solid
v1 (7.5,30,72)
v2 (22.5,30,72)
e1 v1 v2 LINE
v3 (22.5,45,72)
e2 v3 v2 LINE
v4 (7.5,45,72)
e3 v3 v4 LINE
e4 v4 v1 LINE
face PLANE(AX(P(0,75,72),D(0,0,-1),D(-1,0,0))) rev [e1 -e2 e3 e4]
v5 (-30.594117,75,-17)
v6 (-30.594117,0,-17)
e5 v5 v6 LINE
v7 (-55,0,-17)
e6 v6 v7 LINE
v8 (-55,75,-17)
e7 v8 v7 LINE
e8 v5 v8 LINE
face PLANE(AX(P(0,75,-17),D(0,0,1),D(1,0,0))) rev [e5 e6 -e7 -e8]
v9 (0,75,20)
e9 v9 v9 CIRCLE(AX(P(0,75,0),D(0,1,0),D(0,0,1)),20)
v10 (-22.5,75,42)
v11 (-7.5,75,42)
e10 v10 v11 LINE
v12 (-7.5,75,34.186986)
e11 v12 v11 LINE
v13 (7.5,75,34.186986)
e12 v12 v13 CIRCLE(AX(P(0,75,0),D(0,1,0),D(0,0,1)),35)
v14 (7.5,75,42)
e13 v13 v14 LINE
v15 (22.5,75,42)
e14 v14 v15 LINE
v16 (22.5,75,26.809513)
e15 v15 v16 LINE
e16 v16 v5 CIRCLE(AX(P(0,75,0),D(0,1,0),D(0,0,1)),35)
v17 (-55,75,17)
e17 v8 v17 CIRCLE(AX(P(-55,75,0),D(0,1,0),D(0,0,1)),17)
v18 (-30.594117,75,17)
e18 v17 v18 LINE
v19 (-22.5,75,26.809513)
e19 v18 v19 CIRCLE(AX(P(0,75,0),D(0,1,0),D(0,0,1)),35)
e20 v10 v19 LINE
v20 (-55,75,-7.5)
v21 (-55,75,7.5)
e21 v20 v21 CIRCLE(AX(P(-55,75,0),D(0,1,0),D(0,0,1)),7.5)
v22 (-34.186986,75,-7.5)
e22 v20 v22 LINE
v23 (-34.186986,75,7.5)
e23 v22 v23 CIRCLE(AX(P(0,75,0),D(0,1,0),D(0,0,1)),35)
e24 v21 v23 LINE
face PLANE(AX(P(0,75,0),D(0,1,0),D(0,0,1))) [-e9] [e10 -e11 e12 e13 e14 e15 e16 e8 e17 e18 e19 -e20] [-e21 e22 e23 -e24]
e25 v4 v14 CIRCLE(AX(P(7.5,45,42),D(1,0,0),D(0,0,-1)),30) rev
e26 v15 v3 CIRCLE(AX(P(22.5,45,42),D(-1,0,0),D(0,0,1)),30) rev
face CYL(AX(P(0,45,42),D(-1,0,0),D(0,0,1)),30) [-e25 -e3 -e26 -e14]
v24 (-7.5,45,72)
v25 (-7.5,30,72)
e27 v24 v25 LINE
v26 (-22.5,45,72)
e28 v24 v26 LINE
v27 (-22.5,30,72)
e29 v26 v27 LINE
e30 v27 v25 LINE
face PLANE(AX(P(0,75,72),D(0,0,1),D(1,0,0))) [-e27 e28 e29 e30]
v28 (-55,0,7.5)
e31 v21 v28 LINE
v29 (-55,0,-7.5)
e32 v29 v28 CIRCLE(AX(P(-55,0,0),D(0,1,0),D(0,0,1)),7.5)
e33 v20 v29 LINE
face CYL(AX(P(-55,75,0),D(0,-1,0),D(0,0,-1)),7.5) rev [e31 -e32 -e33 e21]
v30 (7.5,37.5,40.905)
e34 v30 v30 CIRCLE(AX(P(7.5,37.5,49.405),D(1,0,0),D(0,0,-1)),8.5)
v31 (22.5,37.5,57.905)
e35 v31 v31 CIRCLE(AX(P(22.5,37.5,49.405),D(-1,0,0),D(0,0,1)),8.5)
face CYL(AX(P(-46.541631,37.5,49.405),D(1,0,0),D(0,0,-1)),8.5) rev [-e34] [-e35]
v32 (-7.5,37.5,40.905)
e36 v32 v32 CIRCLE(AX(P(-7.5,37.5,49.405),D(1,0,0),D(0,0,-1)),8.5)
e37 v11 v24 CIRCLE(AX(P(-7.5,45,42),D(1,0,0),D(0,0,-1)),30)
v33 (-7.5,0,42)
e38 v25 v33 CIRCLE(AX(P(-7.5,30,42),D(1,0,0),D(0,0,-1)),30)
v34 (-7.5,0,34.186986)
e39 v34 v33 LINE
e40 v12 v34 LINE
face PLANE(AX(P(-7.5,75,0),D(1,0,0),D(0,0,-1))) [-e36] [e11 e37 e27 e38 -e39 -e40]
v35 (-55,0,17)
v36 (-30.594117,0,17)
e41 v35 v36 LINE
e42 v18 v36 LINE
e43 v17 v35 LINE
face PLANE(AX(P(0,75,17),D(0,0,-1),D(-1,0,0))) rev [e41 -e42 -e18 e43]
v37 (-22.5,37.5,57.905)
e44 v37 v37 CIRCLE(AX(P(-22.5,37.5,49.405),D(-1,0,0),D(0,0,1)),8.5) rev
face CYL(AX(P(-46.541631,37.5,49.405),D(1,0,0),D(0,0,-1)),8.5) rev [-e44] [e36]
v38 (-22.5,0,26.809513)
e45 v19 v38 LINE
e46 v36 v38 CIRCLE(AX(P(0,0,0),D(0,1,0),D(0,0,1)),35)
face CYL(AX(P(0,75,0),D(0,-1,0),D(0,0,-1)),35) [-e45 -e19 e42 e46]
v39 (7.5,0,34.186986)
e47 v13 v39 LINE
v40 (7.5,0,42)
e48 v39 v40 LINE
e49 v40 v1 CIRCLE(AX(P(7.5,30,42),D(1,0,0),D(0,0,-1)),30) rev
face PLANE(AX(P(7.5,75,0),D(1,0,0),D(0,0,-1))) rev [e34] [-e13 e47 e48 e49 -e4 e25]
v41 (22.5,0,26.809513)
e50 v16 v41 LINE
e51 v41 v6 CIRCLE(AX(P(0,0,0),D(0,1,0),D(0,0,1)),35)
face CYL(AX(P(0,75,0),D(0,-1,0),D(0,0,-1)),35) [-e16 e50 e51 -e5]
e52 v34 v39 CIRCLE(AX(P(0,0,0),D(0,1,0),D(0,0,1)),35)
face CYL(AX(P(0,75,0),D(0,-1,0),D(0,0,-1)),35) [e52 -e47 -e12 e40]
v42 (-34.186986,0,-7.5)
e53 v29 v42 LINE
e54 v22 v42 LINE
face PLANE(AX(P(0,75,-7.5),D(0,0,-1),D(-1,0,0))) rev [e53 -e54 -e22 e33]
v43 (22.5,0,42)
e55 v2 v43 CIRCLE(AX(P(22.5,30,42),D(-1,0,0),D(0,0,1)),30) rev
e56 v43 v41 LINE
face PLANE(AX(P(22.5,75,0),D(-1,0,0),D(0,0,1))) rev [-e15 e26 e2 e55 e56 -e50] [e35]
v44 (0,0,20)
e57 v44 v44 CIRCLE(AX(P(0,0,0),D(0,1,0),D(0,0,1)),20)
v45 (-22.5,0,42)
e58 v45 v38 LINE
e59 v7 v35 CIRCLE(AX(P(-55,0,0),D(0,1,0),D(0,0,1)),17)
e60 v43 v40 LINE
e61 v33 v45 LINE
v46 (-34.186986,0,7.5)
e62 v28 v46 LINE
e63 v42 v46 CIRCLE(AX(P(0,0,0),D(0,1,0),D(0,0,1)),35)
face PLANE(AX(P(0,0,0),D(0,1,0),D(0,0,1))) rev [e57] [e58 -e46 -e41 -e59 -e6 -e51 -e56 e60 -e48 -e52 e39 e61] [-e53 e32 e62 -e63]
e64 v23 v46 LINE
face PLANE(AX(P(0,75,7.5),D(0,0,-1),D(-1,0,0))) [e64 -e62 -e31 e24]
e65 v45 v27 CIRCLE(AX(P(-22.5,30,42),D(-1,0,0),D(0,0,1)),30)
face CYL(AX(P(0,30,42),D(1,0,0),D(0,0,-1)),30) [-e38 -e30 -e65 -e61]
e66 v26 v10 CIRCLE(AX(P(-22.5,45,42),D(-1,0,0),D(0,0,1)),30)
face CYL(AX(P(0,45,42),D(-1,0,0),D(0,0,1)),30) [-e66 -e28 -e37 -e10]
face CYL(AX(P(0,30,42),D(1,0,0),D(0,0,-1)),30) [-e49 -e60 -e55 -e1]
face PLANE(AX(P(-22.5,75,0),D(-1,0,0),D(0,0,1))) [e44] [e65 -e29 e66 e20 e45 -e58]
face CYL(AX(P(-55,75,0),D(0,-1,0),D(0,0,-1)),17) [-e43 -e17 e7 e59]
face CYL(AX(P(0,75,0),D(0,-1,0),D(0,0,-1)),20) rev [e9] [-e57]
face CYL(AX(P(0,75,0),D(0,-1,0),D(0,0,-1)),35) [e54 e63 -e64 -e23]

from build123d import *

# Parameters (mm, degrees)
SKETCH1_R                      = 35
SKETCH1_R_2                    = 20
BOSS_EXTRUDE2_DEPTH            = 75
CUT_EXTRUDE1_REACH             = 142.496
SKETCH2_R                      = 8.5
CUT_EXTRUDE1_DIRECTION_2_DEPTH = 141.496441236
FILLET1_R                      = 30


with BuildPart() as part:
    # Sketch1 → Boss-Extrude2 (new body)
    # profile 1 of 4: a face of its own
    with BuildSketch(Plane(origin=(0, 0, 0), x_dir=(1, 0, 0), z_dir=(0, 1, 0))):
        Circle(SKETCH1_R)
        with Locations(Location((0, 0, 0), (0, 0, 270))):
            Circle(SKETCH1_R_2, mode=Mode.SUBTRACT)
    # profile 2 of 4: a face of its own
    with BuildSketch(Plane(origin=(0, 0, 0), x_dir=(1, 0, 0), z_dir=(0, 1, 0))):
        with BuildLine():
            ThreePointArc((-55, 17), (-72, 0), (-55, -17))
            Line((-55, -17), (-30.594117082, -17))
            ThreePointArc((-30.594117082, -17), (-32.736987087, -12.381020816), (-34.186985828, -7.5))
            Line((-34.186985828, -7.5), (-55, -7.5))
            ThreePointArc((-55, -7.5), (-62.5, 0), (-55, 7.5))
            Line((-55, 7.5), (-34.186985828, 7.5))
            ThreePointArc((-34.186985828, 7.5), (-32.736987087, 12.381020816), (-30.594117082, 17))
            Line((-30.594117082, 17), (-55, 17))
        make_face()
    # profile 3 of 4: a face of its own
    with BuildSketch(Plane(origin=(0, 0, 0), x_dir=(1, 0, 0), z_dir=(0, 1, 0))):
        with BuildLine():
            ThreePointArc((-7.5, -34.186985828), (-15.446901808, -31.406897722), (-22.5, -26.809513237))
            Line((-22.5, -26.809513237), (-22.5, -72))
            Line((-22.5, -72), (-7.5, -72))
            Line((-7.5, -72), (-7.5, -34.186985828))
        make_face()
    # profile 4 of 4: a face of its own
    with BuildSketch(Plane(origin=(0, 0, 0), x_dir=(1, 0, 0), z_dir=(0, 1, 0))):
        with BuildLine():
            ThreePointArc((22.5, -26.809513237), (15.446901808, -31.406897722), (7.5, -34.186985828))
            Line((7.5, -34.186985828), (7.5, -72))
            Line((7.5, -72), (22.5, -72))
            Line((22.5, -72), (22.5, -26.809513237))
        make_face()
    extrude(amount=BOSS_EXTRUDE2_DEPTH)

    # Cut-Extrude1: up to this face of the body (flat: up to its plane)
    cut_extrude1_end = Plane(part.part.faces().sort_by_distance((-22.5, 37.5, 49.404756618))[0])
    # Sketch2 → Cut-Extrude1 (cut, up to the picked face)
    with BuildSketch(Plane(origin=(22.5, 0, 0), x_dir=(0, 0, -1), z_dir=(1, 0, 0)), mode=Mode.PRIVATE) as cut_extrude1_sk1:
        with Locations((-49.405, 37.5)):
            Circle(SKETCH2_R)
    cut_extrude1_tool1 = split(extrude(cut_extrude1_sk1.sketch, amount=-CUT_EXTRUDE1_REACH, mode=Mode.PRIVATE), bisect_by=cut_extrude1_end, keep=Keep.BOTH, mode=Mode.PRIVATE)
    add(cut_extrude1_tool1.solids().sort_by(Axis((22.5, 37.5, 49.405), (-1, 0, 0)))[0], mode=Mode.SUBTRACT)

    # Sketch2 → Cut-Extrude1 direction 2 (cut)
    with BuildSketch(Plane(origin=(22.5, 0, 0), x_dir=(0, 0, -1), z_dir=(1, 0, 0))):
        with Locations((-49.405, 37.5)):
            Circle(SKETCH2_R)
    extrude(amount=CUT_EXTRUDE1_DIRECTION_2_DEPTH, mode=Mode.SUBTRACT)

    # Fillet1
    fillet1_edges = [part.edges().sort_by_distance(p)[0] for p in [
        (-15, 0, 72),
        (15, 0, 72),
        (15, 75, 72),
        (-15, 75, 72),
    ]]
    fillet(fillet1_edges, radius=FILLET1_R)


solid = part.part
